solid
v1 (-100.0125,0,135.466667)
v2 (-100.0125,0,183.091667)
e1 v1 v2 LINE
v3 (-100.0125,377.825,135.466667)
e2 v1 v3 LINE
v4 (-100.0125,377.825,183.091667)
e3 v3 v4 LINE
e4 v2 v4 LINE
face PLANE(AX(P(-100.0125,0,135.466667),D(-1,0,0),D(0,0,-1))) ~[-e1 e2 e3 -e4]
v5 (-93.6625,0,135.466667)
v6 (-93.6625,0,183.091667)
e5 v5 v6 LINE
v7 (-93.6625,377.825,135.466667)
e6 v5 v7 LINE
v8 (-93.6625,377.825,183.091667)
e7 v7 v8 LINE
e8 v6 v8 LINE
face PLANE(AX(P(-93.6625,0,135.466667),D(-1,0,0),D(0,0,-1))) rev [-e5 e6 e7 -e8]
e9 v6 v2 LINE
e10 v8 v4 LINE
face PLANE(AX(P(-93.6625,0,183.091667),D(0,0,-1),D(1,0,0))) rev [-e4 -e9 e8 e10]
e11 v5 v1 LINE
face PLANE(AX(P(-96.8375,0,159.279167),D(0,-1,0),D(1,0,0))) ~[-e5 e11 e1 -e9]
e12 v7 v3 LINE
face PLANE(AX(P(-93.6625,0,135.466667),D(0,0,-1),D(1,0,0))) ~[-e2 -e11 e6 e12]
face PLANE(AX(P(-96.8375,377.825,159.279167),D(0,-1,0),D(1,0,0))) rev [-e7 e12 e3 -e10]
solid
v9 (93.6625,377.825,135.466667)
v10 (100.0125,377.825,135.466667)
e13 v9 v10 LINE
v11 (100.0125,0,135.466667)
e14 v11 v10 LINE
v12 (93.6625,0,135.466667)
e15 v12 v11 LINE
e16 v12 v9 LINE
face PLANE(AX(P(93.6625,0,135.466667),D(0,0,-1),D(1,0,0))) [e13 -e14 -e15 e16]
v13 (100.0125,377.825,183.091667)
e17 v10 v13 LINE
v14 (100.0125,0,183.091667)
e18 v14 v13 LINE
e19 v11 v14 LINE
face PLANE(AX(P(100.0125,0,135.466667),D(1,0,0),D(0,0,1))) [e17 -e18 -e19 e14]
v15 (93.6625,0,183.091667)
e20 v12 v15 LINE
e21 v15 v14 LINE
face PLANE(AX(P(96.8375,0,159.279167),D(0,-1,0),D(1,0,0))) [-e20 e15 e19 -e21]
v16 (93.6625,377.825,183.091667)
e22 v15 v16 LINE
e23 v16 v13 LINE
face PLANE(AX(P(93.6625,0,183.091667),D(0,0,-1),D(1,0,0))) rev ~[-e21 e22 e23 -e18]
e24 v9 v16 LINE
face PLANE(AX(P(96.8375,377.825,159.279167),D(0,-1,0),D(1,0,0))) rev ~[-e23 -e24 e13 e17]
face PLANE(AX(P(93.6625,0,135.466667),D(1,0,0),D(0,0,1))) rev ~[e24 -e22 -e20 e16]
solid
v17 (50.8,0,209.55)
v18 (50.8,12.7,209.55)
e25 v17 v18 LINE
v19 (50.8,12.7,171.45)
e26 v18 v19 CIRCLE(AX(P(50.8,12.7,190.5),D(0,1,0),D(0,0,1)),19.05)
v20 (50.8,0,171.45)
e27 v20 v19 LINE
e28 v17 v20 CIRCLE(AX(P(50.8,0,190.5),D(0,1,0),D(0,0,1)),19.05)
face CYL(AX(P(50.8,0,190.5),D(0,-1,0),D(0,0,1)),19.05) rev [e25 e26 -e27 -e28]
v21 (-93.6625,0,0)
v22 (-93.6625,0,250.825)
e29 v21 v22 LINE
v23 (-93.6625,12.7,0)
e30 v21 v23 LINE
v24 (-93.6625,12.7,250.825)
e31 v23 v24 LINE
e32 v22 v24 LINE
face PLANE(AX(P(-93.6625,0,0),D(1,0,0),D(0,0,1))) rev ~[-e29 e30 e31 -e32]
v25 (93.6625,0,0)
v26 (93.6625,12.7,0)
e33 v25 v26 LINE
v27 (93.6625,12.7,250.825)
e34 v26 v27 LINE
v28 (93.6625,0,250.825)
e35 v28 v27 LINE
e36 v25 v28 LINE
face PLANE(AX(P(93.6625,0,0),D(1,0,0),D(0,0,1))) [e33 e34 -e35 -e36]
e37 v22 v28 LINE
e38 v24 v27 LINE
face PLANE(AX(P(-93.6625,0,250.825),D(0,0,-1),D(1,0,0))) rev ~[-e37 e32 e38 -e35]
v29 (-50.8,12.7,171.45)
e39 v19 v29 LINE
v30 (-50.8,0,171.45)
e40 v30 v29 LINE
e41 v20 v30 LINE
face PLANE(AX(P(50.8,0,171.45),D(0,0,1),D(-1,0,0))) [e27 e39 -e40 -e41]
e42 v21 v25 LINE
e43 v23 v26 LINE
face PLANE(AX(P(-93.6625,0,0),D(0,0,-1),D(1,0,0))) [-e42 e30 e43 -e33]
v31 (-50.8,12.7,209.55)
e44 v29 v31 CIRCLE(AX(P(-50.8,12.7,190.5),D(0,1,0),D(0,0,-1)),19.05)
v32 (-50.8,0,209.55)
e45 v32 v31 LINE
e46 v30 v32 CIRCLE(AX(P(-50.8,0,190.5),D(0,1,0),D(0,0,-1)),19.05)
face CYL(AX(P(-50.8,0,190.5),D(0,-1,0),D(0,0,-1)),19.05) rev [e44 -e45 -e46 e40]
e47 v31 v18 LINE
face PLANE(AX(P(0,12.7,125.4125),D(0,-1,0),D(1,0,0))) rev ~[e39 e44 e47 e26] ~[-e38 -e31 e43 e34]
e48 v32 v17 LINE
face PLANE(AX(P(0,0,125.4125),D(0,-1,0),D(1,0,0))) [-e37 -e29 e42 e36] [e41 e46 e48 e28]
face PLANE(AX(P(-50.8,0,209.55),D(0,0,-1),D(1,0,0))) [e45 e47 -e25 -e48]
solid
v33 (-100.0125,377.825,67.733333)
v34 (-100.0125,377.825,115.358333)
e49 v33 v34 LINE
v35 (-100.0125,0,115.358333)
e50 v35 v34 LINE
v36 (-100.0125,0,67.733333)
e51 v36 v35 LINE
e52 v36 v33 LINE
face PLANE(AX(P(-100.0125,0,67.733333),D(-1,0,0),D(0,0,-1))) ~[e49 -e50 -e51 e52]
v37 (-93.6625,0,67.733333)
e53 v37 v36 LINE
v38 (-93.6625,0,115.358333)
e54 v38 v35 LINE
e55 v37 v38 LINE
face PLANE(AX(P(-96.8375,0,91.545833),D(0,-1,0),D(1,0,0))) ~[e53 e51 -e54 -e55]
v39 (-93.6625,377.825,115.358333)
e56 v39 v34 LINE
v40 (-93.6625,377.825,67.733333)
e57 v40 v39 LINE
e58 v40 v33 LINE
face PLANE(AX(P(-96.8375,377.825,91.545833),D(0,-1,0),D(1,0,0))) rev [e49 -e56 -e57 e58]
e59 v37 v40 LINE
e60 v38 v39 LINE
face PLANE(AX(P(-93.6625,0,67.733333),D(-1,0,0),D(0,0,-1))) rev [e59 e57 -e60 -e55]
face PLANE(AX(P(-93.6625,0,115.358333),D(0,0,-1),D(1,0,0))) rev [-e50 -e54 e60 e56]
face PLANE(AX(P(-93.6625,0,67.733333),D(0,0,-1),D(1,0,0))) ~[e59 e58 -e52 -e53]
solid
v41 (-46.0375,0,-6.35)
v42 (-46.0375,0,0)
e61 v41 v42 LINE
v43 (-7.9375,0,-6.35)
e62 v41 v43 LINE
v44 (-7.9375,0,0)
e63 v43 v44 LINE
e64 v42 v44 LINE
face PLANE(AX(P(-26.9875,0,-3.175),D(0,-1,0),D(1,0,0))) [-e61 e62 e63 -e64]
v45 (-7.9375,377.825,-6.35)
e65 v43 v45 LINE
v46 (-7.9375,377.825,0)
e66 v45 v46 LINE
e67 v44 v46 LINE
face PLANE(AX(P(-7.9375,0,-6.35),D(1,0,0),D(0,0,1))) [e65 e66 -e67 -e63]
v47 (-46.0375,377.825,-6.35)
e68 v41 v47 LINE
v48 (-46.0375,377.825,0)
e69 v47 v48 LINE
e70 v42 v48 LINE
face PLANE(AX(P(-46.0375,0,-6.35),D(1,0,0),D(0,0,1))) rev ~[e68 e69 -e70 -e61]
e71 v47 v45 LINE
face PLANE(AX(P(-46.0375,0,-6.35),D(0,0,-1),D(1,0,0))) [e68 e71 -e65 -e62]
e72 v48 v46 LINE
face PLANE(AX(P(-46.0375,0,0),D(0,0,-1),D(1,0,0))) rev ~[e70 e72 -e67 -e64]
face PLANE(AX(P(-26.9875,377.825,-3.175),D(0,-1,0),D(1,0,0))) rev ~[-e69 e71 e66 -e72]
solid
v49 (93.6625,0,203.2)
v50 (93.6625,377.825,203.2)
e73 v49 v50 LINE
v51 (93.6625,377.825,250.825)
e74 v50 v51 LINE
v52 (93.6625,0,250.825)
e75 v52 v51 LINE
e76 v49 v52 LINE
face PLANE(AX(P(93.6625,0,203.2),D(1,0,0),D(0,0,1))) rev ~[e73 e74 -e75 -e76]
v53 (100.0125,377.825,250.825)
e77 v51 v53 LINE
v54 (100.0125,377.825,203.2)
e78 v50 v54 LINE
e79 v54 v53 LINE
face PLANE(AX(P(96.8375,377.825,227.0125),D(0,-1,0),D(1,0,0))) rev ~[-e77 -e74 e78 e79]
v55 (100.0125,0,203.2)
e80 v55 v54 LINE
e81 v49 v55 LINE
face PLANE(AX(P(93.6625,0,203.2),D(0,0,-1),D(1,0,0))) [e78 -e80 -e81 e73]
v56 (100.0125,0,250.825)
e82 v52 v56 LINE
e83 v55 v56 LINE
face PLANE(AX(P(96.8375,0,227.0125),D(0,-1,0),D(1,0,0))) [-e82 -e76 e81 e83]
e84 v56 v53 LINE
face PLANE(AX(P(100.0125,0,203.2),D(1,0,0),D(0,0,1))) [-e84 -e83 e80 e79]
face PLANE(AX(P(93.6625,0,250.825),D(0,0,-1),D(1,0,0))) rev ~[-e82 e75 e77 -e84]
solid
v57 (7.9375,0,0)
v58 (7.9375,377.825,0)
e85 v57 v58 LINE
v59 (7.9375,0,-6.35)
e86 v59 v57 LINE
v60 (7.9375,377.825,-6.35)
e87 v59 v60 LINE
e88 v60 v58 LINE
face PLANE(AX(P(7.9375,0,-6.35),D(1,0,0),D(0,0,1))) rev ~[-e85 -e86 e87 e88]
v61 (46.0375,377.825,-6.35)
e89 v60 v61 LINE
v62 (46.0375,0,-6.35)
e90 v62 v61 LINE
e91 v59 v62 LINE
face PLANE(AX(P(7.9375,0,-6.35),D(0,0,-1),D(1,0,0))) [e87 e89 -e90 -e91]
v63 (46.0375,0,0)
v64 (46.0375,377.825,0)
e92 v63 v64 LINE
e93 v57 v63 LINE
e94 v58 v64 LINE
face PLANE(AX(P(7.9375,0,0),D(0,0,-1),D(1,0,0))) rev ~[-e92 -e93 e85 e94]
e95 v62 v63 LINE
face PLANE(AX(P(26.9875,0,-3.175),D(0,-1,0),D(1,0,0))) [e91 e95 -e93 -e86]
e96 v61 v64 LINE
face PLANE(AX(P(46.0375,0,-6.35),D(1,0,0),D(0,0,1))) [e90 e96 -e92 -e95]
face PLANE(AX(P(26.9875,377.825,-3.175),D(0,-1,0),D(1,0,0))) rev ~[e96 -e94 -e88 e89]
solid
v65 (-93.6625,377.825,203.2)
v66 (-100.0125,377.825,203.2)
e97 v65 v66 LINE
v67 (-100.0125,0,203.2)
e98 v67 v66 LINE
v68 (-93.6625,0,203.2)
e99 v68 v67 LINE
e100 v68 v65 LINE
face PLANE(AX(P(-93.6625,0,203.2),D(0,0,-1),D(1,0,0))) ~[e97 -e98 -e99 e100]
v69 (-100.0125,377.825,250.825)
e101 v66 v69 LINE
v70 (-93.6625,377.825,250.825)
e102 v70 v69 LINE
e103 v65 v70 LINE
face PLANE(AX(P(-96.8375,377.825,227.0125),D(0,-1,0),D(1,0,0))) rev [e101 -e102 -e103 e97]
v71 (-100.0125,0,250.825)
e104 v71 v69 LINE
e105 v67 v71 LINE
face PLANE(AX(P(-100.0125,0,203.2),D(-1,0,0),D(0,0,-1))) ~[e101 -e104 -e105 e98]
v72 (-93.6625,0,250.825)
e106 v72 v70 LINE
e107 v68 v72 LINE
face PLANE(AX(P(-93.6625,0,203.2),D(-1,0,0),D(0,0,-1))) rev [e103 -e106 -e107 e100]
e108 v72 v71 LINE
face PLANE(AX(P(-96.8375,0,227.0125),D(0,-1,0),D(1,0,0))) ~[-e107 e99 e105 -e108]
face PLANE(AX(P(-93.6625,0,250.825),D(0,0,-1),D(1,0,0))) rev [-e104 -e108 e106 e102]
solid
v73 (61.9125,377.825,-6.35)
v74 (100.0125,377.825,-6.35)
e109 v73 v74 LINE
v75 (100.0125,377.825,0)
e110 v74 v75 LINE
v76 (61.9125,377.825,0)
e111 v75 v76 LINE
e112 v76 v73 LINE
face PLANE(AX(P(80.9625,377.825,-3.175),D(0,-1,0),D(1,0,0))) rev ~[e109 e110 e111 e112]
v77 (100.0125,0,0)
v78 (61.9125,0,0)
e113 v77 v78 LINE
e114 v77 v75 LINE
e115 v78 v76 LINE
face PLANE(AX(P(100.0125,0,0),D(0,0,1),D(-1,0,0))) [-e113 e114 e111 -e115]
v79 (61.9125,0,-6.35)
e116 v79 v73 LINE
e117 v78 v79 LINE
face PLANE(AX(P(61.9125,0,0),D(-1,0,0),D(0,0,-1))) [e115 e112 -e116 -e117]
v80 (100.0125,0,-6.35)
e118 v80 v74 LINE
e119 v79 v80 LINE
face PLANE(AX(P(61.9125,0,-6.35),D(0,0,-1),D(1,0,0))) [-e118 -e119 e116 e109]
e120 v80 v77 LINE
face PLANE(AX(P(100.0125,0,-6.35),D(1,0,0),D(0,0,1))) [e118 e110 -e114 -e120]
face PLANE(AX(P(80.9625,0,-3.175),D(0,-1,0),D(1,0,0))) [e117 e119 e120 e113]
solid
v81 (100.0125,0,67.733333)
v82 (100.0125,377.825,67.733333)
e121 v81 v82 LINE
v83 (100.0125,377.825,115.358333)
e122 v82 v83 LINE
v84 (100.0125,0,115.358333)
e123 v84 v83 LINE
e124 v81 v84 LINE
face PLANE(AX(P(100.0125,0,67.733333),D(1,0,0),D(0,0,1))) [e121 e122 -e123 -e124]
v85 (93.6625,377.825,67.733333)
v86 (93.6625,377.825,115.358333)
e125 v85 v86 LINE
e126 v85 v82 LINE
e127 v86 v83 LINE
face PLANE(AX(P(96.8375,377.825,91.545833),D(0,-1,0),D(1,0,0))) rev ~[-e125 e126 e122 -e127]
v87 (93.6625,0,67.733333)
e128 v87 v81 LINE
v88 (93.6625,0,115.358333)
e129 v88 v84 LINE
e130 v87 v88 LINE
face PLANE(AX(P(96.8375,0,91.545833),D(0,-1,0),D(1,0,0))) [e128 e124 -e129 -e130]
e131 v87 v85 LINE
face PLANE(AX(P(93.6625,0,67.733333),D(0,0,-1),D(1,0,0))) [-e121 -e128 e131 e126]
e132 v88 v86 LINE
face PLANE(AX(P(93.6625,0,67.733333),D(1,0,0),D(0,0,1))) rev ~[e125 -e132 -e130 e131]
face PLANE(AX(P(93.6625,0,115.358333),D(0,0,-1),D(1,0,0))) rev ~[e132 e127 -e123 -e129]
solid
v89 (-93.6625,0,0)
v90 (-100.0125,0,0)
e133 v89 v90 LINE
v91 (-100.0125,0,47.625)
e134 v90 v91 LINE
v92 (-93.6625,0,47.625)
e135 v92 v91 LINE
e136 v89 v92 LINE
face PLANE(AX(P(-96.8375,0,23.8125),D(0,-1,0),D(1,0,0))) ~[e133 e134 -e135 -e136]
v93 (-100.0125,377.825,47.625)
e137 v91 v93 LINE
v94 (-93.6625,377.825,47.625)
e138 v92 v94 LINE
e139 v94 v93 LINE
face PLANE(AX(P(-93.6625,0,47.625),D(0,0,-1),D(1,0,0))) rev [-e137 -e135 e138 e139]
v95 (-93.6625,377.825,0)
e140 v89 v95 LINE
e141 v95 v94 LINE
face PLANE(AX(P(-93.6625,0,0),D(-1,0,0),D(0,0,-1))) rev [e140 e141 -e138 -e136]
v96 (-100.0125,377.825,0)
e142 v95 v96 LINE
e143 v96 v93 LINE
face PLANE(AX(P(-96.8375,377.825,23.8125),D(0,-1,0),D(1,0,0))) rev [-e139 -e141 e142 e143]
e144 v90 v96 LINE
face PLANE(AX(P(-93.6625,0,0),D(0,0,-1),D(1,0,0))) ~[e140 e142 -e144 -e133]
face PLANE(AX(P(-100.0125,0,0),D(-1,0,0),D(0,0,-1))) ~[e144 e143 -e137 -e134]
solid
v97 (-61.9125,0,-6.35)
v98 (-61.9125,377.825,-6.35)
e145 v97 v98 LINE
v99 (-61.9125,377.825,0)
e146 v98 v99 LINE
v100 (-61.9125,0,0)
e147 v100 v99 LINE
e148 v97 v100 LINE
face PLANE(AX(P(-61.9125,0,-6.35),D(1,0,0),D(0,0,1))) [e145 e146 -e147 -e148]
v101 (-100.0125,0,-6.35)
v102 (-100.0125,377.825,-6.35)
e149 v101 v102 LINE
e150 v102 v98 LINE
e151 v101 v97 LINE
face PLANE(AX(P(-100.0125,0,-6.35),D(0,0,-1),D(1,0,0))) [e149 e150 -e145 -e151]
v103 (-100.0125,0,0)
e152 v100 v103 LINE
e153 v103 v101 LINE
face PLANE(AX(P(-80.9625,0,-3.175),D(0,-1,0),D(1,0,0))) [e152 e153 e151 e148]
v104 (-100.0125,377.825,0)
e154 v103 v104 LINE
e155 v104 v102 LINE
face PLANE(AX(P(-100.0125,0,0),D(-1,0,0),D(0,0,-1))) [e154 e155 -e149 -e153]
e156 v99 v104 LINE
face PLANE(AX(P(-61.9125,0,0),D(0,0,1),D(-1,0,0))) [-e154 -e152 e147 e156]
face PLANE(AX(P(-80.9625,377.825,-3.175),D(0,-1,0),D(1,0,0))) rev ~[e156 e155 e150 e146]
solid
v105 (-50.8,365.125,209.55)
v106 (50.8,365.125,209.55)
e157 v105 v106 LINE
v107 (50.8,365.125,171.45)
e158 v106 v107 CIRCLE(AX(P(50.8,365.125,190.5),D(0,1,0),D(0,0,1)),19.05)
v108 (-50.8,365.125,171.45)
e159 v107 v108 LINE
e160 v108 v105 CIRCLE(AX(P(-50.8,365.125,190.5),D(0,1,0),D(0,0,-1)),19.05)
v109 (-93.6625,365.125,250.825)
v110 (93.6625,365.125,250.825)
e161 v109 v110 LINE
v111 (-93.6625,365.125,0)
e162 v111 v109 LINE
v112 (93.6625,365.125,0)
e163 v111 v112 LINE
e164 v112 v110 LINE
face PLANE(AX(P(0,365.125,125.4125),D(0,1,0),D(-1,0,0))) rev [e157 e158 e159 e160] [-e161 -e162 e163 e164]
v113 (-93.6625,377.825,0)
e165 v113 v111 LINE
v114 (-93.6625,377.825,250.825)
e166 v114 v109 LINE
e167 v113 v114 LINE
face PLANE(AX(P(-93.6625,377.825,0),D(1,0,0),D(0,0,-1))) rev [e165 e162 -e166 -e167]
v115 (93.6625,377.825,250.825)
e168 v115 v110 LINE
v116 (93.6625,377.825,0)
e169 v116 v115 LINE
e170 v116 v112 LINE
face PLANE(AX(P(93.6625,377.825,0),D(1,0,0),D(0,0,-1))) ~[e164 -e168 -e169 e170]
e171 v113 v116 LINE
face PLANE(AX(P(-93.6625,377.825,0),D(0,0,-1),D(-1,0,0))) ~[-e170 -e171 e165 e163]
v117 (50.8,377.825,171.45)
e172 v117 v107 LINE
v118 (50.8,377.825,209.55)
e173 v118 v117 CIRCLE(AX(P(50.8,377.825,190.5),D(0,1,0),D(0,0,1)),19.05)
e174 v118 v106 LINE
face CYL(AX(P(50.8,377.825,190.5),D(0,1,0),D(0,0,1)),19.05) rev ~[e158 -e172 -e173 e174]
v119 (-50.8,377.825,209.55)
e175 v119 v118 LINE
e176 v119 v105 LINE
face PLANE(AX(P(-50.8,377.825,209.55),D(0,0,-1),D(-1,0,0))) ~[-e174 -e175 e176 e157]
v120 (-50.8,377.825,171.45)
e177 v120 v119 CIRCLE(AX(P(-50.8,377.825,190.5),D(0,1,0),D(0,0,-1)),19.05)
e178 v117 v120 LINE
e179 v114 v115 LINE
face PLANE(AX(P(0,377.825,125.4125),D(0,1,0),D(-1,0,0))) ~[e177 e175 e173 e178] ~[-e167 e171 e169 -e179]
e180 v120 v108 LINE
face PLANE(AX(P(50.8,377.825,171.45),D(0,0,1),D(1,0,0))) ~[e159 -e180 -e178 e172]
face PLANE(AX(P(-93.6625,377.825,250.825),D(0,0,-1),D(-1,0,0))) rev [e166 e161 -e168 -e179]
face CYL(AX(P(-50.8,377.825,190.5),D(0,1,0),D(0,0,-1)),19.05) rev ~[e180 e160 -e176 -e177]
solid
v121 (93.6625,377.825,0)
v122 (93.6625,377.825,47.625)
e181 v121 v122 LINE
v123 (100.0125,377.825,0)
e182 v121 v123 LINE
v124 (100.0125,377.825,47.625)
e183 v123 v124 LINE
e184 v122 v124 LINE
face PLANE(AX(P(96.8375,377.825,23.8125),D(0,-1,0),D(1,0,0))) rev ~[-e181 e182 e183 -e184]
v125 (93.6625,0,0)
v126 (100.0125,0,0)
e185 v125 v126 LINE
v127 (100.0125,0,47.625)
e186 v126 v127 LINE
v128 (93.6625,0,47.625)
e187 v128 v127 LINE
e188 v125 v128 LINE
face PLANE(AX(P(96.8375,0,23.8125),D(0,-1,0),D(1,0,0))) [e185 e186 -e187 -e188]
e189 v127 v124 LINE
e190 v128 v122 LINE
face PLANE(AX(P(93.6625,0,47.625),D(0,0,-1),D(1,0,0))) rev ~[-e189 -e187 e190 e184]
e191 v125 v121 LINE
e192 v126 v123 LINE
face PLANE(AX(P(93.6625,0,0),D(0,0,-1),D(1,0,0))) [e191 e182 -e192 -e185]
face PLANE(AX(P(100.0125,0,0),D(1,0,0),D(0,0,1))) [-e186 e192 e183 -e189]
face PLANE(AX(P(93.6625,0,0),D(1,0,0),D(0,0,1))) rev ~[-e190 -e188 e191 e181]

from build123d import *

# Parameters (mm, degrees)
F0_W     = 187.325
F0_H     = 250.825
F1_DEPTH = 12.7
F4_W     = 6.35
F4_H     = 47.625
F5_DEPTH = 377.825
F8_DEPTH = 377.825
F7_W     = 38.1
F7_H     = 6.35


with BuildPart() as f1:
    # F0 (on Front) → F1 (new body)
    with BuildSketch(Plane.XZ):
        with Locations((0, 125.4125)):
            Rectangle(F0_W, F0_H)
        with BuildLine():
            ThreePointArc((-50.8, 171.45), (-69.85, 190.5), (-50.8, 209.55))
            Line((-50.8, 209.55), (50.8, 209.55))
            ThreePointArc((50.8, 209.55), (69.85, 190.5), (50.8, 171.45))
            Line((50.8, 171.45), (-50.8, 171.45))
        make_face(mode=Mode.SUBTRACT)
    extrude(amount=-F1_DEPTH)


with BuildPart() as f3_1:
    # F3: instance of F1
    add(f1.part.mirror(Plane(origin=(0, 188.9125, 117.6421880034), x_dir=(1, 0, 0), z_dir=(0, -1, 0))))


with BuildPart() as f5:
    # F4 (on face) → F5 (new body, through all)
    with BuildSketch(Plane.XZ):
        with Locations((96.8375, 23.8125)):
            Rectangle(F4_W, F4_H)
    extrude(amount=-F5_DEPTH)


with BuildPart() as f5b:
    # F4 (on face) → F5, piece 2 (new body, through all)
    with BuildSketch(Plane.XZ):
        with Locations((96.8375, 227.0125)):
            Rectangle(F4_W, F4_H)
    extrude(amount=-F5_DEPTH)


with BuildPart() as f5c:
    # F4 (on face) → F5, piece 3 (new body, through all)
    with BuildSketch(Plane.XZ):
        with Locations((96.8375, 159.2791666667)):
            Rectangle(F4_W, F4_H)
    extrude(amount=-F5_DEPTH)


with BuildPart() as f5d:
    # F4 (on face) → F5, piece 4 (new body, through all)
    with BuildSketch(Plane.XZ):
        with Locations((96.8375, 91.5458333333)):
            Rectangle(F4_W, F4_H)
    extrude(amount=-F5_DEPTH)


with BuildPart() as f6_1:
    # F6: instance of F5b
    add(f5b.part.mirror(Plane.YZ))


with BuildPart() as f6_2:
    # F6: instance of F5c
    add(f5c.part.mirror(Plane.YZ))


with BuildPart() as f6_3:
    # F6: instance of F5
    add(f5.part.mirror(Plane.YZ))


with BuildPart() as f6_4:
    # F6: instance of F5d
    add(f5d.part.mirror(Plane.YZ))


with BuildPart() as f8:
    # F7 (on face) → F8 (new body, through all)
    with BuildSketch(Plane.XZ):
        Polygon((-61.9125, 0), (-93.6625, 0), (-100.0125, 0), (-100.0125, -6.35), (-61.9125, -6.35), align=None)
    extrude(amount=-F8_DEPTH)


with BuildPart() as f8b:
    # F7 (on face) → F8, piece 2 (new body, through all)
    with BuildSketch(Plane.XZ):
        Polygon((100.0125, -6.35), (100.0125, 0), (93.6625, 0), (61.9125, 0), (61.9125, -6.35), align=None)
    extrude(amount=-F8_DEPTH)


with BuildPart() as f8c:
    # F7 (on face) → F8, piece 3 (new body, through all)
    with BuildSketch(Plane.XZ):
        with Locations((-26.9875, -3.175)):
            Rectangle(F7_W, F7_H)
    extrude(amount=-F8_DEPTH)


with BuildPart() as f8d:
    # F7 (on face) → F8, piece 4 (new body, through all)
    with BuildSketch(Plane.XZ):
        with Locations((26.9875, -3.175)):
            Rectangle(F7_W, F7_H)
    extrude(amount=-F8_DEPTH)


solid = Compound([f1.part, f3_1.part, f5.part, f5b.part, f5c.part, f5d.part, f6_1.part, f6_2.part, f6_3.part, f6_4.part, f8.part, f8b.part, f8c.part, f8d.part])
